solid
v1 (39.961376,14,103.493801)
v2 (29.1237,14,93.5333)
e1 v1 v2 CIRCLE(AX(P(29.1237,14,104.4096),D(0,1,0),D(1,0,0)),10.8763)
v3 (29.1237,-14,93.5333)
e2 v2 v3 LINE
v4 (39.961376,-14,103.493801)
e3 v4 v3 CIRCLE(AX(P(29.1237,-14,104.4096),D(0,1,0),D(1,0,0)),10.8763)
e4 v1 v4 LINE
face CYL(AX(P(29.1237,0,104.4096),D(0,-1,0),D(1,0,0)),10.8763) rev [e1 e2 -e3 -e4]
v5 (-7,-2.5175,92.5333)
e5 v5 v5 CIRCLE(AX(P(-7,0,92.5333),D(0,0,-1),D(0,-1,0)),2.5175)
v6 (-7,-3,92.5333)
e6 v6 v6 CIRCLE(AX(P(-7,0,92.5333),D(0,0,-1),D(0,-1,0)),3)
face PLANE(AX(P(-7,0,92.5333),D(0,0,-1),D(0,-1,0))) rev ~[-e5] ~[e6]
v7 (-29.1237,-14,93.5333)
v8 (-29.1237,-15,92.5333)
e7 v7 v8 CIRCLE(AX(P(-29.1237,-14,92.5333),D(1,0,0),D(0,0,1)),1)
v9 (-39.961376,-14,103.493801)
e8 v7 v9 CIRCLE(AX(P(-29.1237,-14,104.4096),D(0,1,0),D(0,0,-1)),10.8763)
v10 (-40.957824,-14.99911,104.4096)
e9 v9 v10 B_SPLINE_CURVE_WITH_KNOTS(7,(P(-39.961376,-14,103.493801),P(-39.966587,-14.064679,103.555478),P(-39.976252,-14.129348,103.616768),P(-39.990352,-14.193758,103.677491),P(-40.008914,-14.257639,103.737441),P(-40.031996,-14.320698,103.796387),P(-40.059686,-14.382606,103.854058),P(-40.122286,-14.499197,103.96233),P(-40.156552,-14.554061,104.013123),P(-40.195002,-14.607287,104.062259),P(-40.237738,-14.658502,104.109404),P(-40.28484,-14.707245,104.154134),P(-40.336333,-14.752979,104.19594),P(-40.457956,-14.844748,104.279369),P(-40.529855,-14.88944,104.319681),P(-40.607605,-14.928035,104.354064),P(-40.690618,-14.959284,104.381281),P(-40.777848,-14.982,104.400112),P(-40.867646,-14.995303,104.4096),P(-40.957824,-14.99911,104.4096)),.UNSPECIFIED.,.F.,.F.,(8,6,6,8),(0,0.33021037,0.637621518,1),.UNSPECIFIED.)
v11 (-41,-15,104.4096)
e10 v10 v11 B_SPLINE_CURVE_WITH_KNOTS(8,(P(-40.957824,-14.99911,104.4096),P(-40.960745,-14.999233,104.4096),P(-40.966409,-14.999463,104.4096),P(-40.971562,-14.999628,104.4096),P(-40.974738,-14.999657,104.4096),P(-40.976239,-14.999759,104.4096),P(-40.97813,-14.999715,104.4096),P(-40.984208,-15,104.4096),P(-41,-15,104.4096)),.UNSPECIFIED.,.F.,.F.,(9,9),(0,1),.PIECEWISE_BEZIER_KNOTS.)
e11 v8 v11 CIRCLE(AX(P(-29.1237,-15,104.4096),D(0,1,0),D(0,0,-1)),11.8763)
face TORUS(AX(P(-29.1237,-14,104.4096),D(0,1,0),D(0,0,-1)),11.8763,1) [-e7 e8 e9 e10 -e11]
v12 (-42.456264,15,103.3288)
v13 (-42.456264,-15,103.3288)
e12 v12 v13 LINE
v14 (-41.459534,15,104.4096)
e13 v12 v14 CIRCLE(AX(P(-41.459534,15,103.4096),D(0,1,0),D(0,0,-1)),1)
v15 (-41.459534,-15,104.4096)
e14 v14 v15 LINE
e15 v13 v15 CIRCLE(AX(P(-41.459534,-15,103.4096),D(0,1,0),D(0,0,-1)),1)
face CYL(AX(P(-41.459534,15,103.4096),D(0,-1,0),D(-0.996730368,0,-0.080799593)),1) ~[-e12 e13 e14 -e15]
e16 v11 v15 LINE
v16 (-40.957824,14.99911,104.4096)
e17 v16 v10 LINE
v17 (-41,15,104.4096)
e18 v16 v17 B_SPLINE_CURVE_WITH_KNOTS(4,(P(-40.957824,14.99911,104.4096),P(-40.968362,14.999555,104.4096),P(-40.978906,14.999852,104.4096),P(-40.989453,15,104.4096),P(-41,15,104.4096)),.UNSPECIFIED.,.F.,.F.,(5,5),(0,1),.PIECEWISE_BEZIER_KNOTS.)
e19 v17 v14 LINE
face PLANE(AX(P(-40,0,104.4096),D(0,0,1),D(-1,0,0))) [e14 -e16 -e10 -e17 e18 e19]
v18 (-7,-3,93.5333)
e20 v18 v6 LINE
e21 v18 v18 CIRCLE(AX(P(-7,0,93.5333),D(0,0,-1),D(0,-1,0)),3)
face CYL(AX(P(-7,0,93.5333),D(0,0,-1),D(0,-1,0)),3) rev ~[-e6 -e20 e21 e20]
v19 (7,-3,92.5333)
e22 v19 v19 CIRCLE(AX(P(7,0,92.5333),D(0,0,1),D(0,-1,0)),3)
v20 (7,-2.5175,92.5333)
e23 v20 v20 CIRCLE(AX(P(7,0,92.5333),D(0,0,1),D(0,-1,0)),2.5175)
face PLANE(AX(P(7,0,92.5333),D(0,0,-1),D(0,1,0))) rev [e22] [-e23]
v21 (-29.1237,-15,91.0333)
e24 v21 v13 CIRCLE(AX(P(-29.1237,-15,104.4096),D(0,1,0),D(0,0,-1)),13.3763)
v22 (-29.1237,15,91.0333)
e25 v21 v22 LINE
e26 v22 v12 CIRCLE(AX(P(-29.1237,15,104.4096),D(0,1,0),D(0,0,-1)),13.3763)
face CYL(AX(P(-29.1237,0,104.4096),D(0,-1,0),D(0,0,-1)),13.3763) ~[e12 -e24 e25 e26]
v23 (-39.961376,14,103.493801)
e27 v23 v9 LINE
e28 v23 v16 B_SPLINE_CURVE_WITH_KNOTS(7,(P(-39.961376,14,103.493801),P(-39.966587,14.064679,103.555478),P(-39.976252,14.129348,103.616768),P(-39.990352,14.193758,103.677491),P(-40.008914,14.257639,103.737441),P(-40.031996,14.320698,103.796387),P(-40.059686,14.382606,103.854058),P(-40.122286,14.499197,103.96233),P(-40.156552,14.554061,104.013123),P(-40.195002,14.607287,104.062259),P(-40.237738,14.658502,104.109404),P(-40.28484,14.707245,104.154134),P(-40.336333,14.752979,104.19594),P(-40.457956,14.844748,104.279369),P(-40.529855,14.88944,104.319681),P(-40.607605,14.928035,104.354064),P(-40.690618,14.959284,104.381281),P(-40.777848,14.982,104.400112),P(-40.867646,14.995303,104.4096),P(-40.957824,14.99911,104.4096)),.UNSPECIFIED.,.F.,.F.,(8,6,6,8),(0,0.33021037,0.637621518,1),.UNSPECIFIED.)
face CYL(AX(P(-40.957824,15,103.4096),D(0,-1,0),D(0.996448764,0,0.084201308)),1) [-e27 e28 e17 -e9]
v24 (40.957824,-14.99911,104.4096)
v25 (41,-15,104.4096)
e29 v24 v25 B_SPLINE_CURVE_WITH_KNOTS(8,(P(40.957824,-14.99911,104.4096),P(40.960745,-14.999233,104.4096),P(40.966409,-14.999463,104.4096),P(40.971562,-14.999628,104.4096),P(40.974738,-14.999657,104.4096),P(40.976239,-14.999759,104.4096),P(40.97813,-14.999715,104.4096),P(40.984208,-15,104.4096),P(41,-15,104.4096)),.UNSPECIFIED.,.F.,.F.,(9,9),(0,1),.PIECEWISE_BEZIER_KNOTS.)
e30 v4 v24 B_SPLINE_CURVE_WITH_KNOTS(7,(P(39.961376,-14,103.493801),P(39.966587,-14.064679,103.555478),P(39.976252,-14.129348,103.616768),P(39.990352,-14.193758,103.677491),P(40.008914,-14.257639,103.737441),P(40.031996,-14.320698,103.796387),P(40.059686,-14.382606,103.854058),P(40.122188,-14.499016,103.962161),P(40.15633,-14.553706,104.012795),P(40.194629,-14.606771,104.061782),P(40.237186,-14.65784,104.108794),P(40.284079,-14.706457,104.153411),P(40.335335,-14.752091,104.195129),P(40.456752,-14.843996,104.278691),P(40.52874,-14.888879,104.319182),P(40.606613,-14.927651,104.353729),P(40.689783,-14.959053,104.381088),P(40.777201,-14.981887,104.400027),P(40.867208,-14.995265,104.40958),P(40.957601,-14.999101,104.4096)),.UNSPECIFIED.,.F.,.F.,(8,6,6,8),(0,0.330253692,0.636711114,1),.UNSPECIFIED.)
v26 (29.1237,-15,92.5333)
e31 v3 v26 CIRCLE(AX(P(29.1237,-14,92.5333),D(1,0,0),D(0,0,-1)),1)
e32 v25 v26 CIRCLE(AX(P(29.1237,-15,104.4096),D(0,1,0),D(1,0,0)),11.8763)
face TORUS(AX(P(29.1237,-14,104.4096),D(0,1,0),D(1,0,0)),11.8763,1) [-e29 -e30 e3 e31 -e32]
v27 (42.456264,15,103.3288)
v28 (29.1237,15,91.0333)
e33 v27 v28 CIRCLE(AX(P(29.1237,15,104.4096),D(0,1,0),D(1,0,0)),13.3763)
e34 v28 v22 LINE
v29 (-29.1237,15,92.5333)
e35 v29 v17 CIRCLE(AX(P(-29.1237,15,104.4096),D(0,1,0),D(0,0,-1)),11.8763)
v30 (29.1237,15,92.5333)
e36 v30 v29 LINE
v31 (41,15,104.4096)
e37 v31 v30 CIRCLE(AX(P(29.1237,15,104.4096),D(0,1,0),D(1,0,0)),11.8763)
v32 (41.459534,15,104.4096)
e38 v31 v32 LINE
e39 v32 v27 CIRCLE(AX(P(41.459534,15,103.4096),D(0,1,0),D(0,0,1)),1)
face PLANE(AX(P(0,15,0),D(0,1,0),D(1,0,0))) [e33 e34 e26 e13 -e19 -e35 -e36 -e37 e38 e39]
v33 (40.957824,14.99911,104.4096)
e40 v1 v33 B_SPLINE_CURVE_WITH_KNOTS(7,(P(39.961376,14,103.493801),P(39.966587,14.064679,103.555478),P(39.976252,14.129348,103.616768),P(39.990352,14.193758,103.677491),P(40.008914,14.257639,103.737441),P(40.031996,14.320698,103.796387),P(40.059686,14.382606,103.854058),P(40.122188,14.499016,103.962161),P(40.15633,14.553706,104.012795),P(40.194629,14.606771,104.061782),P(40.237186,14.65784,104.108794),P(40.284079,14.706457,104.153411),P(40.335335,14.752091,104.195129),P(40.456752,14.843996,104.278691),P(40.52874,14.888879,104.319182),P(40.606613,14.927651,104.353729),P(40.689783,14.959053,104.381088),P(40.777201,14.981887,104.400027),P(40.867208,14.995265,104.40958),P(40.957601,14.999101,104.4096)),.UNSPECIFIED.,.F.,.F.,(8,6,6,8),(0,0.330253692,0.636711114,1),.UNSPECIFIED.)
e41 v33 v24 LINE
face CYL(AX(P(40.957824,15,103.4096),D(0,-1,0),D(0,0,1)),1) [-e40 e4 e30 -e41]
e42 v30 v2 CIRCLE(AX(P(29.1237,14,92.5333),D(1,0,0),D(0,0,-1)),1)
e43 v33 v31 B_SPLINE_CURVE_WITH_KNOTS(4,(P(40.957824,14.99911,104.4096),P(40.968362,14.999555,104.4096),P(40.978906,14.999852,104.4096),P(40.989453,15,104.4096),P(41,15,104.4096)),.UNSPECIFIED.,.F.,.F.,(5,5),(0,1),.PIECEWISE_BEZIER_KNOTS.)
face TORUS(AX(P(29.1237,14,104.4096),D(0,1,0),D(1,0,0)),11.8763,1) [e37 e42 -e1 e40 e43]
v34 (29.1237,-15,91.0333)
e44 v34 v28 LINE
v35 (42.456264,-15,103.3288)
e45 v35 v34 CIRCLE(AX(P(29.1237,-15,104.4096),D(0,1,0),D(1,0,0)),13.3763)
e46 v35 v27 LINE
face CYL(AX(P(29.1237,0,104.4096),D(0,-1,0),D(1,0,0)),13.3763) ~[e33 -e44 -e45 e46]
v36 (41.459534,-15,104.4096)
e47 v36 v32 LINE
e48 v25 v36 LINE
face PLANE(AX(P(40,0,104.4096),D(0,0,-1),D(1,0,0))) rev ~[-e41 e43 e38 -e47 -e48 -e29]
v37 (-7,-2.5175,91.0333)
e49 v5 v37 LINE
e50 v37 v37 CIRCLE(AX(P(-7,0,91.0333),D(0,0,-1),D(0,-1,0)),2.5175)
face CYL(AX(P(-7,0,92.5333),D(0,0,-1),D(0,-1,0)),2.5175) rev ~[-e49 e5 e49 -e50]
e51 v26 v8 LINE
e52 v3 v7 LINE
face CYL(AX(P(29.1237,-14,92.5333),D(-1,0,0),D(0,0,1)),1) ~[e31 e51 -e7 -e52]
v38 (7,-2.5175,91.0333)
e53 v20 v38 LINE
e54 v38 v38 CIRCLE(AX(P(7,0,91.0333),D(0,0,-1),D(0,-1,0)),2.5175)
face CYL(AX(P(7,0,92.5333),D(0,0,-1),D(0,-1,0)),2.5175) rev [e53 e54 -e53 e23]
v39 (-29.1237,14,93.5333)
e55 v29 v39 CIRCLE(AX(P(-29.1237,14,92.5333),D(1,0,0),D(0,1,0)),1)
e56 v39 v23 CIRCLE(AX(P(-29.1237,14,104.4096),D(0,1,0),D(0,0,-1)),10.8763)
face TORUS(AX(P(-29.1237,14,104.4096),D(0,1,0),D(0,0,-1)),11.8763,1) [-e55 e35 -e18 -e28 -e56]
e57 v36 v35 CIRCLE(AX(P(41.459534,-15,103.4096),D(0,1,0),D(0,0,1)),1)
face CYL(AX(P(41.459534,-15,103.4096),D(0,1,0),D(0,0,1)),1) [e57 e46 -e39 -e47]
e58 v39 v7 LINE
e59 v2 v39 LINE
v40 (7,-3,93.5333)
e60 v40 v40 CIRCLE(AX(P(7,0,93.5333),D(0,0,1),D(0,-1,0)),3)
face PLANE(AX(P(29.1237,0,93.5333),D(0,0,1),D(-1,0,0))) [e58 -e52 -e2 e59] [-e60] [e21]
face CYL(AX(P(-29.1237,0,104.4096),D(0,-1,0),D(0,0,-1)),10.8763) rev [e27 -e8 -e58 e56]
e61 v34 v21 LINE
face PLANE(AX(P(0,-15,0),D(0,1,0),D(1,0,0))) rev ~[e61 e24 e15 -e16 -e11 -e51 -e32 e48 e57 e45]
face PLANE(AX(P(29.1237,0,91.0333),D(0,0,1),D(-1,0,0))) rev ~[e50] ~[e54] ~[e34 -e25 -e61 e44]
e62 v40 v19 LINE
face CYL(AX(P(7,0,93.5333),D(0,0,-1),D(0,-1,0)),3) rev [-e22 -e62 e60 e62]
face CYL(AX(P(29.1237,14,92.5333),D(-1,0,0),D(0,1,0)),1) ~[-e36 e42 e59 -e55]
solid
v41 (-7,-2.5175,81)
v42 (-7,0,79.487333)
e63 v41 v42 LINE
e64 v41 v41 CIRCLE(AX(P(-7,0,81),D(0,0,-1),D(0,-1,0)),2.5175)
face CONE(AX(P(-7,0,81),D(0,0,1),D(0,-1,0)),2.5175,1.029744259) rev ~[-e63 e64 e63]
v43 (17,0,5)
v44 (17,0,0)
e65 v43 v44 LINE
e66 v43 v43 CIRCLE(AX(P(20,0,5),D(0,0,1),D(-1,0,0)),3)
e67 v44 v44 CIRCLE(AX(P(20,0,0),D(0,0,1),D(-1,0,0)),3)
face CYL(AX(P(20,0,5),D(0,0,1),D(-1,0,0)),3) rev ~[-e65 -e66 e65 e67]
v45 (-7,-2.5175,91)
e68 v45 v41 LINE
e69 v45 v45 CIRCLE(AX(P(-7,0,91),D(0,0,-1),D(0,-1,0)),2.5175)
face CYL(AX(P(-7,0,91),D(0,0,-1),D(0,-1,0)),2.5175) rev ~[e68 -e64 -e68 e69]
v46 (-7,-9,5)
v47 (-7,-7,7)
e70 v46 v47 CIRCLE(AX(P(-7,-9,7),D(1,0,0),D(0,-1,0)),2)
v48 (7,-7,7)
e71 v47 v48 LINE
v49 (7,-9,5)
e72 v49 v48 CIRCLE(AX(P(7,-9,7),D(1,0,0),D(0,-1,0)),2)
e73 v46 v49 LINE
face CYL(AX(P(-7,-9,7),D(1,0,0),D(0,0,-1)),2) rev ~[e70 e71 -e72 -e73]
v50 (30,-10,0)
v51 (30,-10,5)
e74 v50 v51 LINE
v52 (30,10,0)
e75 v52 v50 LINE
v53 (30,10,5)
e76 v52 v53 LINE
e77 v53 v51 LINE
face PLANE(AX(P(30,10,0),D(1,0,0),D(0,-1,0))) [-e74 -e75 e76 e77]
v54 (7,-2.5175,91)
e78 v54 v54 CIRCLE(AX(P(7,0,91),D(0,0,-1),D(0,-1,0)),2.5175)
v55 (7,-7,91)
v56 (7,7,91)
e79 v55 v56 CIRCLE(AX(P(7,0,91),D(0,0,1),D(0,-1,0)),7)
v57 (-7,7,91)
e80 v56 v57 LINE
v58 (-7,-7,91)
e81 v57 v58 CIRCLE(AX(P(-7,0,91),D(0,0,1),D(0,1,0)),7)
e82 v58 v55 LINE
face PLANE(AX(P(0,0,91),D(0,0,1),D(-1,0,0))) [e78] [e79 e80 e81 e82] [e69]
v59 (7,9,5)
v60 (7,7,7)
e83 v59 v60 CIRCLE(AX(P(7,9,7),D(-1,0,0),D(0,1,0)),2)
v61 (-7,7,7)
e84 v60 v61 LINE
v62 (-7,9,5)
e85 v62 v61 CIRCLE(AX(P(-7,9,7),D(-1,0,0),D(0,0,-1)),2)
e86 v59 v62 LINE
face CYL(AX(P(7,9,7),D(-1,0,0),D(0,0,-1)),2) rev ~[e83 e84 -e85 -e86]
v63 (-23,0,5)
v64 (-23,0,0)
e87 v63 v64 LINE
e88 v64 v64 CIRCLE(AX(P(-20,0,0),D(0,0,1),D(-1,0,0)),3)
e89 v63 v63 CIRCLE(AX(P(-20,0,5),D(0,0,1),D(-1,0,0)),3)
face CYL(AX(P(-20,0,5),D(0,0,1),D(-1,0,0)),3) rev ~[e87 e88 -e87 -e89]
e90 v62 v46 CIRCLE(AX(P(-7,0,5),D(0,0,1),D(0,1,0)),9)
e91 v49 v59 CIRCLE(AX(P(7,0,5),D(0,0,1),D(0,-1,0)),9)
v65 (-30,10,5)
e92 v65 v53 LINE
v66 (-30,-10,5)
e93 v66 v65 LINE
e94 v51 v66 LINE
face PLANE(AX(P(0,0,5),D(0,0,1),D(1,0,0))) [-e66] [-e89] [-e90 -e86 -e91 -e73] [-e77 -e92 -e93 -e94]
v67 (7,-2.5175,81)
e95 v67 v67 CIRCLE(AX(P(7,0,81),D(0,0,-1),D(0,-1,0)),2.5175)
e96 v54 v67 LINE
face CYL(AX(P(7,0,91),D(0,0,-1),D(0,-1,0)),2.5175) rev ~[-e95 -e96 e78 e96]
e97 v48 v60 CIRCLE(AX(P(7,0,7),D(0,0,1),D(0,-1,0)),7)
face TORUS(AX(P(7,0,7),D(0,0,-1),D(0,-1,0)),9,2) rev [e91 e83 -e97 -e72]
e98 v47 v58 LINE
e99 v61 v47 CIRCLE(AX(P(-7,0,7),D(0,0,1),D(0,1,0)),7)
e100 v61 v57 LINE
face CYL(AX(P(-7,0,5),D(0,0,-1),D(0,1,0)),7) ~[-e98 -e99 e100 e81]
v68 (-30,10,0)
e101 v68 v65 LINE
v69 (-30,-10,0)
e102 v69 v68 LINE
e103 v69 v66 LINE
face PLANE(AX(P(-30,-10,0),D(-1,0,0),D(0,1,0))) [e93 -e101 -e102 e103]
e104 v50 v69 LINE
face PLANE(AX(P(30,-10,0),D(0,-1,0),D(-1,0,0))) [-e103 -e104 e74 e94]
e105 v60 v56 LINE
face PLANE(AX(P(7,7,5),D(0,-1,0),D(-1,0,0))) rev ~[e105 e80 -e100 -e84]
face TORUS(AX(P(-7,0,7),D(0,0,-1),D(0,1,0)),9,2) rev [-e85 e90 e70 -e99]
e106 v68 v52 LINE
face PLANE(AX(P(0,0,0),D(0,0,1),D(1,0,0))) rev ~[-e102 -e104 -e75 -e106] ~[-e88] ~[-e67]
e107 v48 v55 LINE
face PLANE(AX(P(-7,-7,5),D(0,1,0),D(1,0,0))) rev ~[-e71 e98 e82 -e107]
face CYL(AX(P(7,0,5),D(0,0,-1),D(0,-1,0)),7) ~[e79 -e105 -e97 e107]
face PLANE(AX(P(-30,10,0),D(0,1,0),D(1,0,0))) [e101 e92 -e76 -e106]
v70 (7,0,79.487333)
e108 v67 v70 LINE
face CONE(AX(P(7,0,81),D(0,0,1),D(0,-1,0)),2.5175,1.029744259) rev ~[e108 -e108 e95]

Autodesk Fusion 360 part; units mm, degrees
sketch "Boceto1" plane through (0, 0, 0) normal (0, 0, 1) x (1, 0, 0)
  line L0 (-30, 10) -> (30, 10)
  line L1 (30, 10) -> (30, -10)
  line L2 (30, -10) -> (-30, -10)
  line L3 (-30, -10) -> (-30, 10)
  point P0 (0, 10)
  point P1 (-30, 0)
  dimension "d1" = 60
  dimension "d2" = 20
extrude "Extruir1" add sketch "Boceto1" along normal blind 5 makes body 1
sketch "Boceto2" plane through (0, 0, 5) normal (0, 0, 1) x (-1, 0, 0)
  line L0 (30, 10) -> (-30, 10)
  line L1 (-30, 10) -> (-30, -10)
  line L2 (-30, -10) -> (30, -10)
  line L3 (30, -10) -> (30, 10)
  line L4 (7, 7) -> (-7, 7)
  arc A0 (-7, 7) -> (-7, -7) centre (-7, 0) ccw
  line L5 (-7, -7) -> (7, -7)
  arc A1 (7, -7) -> (7, 7) centre (7, 0) ccw
  line L6 (7, 0) -> (-7, 0) construction
  dimension "d30" = 14
  dimension "d31" = 7
extrude "Extruir2" add sketch "Boceto2" along normal blind 86 contours L4 A0 L5 A1 bodies 1
sketch "Boceto3" plane through (0, 0, 0) normal (0, 1, 0) x (1, 0, 0)
  arc A0 (42.5, -104.4096) -> (29.1237, -91.0333) centre (29.1237, -104.4096) ccw
  line L0 (29.1237, -91.0333) -> (-29.1237, -91.0333)
  arc A1 (-29.1237, -91.0333) -> (-42.5, -104.4096) centre (-29.1237, -104.4096) ccw
  line L1 (-29.1237, -104.4096) -> (29.1237, -104.4096) construction
  arc A2 (40, -104.4096) -> (29.1237, -93.5333) centre (29.1237, -104.4096) ccw
  line L2 (29.1237, -93.5333) -> (-29.1237, -93.5333)
  arc A3 (-29.1237, -93.5333) -> (-40, -104.4096) centre (-29.1237, -104.4096) ccw
  line L3 (-29.1237, -104.4096) -> (29.1237, -104.4096) construction
  line L4 (-40, -104.4096) -> (-42.5, -104.4096)
  line L5 (40, -104.4096) -> (42.5, -104.4096)
  point P0 (0, -104.4096)
  dimension "d9" = 85
extrude "Extruir3" add sketch "Boceto3" along normal blind 15 and the other way blind 15 separate body makes body 2
fillet "Empalme1" radius 2 4 edges at (14, 0, 5) (0, -7, 5) (-14, 0, 5) (0, 7, 5) on bodies 1
sketch "Boceto4" plane through (0, 0, 5) normal (0, 0, 1) x (-1, 0, 0)
  line L0 (30, 10) -> (-30, 10)
  line L1 (-30, 10) -> (-30, -10)
  line L2 (-30, -10) -> (30, -10)
  line L3 (30, -10) -> (30, 10)
  circle A0 centre (20, 0) radius 3
  circle A1 centre (-20, 0) radius 3
  arc A2 (-7, 9) -> (-7, -9) centre (-7, 0) ccw
  line L4 (-7, 9) -> (7, 9)
  arc A3 (7, -9) -> (7, 9) centre (7, 0) ccw
  line L5 (7, -9) -> (-7, -9)
  dimension "d16" = 6
  dimension "d17" = 6
  dimension "d18" = 40
extrude "Extruir4" cut sketch "Boceto4" against normal blind 10 contours A0 | A1 bodies 1
hole "Agujero1" at (7, 0, 91) direction (0, 0, -1) diameter 5.035 depth 10 tip angle 118 bodies 1
hole "Agujero2" at (-7, 0, 91) direction (0, 0, -1) diameter 5.035 depth 10 tip angle 118 bodies 1
fillet "Empalme2" radius 1 8 edges at (-40, 0, 104.4096) (36.8144, -15, 96.7189) (0, -15, 93.5333) (-36.8144, -15, 96.7189) (-36.8144, 15, 96.7189) (0, 15, 93.5333) (36.8144, 15, 96.7189) (40, 0, 104.4096) on bodies 2
fillet "Empalme3" radius 1 2 edges at (-42.5, 0, 104.4096) (42.5, 0, 104.4096) on bodies 2
hole "Agujero3" at (-7, 0, 93.5333) direction (0, 0, -1) diameter 5.035 depth 10 tip angle 118 counterbore diameter 6 counterbore depth 1 bodies 2
mirror "Simetría1" about plane through (0, 0, 0) normal (1, 0, 0) of "Agujero3"
